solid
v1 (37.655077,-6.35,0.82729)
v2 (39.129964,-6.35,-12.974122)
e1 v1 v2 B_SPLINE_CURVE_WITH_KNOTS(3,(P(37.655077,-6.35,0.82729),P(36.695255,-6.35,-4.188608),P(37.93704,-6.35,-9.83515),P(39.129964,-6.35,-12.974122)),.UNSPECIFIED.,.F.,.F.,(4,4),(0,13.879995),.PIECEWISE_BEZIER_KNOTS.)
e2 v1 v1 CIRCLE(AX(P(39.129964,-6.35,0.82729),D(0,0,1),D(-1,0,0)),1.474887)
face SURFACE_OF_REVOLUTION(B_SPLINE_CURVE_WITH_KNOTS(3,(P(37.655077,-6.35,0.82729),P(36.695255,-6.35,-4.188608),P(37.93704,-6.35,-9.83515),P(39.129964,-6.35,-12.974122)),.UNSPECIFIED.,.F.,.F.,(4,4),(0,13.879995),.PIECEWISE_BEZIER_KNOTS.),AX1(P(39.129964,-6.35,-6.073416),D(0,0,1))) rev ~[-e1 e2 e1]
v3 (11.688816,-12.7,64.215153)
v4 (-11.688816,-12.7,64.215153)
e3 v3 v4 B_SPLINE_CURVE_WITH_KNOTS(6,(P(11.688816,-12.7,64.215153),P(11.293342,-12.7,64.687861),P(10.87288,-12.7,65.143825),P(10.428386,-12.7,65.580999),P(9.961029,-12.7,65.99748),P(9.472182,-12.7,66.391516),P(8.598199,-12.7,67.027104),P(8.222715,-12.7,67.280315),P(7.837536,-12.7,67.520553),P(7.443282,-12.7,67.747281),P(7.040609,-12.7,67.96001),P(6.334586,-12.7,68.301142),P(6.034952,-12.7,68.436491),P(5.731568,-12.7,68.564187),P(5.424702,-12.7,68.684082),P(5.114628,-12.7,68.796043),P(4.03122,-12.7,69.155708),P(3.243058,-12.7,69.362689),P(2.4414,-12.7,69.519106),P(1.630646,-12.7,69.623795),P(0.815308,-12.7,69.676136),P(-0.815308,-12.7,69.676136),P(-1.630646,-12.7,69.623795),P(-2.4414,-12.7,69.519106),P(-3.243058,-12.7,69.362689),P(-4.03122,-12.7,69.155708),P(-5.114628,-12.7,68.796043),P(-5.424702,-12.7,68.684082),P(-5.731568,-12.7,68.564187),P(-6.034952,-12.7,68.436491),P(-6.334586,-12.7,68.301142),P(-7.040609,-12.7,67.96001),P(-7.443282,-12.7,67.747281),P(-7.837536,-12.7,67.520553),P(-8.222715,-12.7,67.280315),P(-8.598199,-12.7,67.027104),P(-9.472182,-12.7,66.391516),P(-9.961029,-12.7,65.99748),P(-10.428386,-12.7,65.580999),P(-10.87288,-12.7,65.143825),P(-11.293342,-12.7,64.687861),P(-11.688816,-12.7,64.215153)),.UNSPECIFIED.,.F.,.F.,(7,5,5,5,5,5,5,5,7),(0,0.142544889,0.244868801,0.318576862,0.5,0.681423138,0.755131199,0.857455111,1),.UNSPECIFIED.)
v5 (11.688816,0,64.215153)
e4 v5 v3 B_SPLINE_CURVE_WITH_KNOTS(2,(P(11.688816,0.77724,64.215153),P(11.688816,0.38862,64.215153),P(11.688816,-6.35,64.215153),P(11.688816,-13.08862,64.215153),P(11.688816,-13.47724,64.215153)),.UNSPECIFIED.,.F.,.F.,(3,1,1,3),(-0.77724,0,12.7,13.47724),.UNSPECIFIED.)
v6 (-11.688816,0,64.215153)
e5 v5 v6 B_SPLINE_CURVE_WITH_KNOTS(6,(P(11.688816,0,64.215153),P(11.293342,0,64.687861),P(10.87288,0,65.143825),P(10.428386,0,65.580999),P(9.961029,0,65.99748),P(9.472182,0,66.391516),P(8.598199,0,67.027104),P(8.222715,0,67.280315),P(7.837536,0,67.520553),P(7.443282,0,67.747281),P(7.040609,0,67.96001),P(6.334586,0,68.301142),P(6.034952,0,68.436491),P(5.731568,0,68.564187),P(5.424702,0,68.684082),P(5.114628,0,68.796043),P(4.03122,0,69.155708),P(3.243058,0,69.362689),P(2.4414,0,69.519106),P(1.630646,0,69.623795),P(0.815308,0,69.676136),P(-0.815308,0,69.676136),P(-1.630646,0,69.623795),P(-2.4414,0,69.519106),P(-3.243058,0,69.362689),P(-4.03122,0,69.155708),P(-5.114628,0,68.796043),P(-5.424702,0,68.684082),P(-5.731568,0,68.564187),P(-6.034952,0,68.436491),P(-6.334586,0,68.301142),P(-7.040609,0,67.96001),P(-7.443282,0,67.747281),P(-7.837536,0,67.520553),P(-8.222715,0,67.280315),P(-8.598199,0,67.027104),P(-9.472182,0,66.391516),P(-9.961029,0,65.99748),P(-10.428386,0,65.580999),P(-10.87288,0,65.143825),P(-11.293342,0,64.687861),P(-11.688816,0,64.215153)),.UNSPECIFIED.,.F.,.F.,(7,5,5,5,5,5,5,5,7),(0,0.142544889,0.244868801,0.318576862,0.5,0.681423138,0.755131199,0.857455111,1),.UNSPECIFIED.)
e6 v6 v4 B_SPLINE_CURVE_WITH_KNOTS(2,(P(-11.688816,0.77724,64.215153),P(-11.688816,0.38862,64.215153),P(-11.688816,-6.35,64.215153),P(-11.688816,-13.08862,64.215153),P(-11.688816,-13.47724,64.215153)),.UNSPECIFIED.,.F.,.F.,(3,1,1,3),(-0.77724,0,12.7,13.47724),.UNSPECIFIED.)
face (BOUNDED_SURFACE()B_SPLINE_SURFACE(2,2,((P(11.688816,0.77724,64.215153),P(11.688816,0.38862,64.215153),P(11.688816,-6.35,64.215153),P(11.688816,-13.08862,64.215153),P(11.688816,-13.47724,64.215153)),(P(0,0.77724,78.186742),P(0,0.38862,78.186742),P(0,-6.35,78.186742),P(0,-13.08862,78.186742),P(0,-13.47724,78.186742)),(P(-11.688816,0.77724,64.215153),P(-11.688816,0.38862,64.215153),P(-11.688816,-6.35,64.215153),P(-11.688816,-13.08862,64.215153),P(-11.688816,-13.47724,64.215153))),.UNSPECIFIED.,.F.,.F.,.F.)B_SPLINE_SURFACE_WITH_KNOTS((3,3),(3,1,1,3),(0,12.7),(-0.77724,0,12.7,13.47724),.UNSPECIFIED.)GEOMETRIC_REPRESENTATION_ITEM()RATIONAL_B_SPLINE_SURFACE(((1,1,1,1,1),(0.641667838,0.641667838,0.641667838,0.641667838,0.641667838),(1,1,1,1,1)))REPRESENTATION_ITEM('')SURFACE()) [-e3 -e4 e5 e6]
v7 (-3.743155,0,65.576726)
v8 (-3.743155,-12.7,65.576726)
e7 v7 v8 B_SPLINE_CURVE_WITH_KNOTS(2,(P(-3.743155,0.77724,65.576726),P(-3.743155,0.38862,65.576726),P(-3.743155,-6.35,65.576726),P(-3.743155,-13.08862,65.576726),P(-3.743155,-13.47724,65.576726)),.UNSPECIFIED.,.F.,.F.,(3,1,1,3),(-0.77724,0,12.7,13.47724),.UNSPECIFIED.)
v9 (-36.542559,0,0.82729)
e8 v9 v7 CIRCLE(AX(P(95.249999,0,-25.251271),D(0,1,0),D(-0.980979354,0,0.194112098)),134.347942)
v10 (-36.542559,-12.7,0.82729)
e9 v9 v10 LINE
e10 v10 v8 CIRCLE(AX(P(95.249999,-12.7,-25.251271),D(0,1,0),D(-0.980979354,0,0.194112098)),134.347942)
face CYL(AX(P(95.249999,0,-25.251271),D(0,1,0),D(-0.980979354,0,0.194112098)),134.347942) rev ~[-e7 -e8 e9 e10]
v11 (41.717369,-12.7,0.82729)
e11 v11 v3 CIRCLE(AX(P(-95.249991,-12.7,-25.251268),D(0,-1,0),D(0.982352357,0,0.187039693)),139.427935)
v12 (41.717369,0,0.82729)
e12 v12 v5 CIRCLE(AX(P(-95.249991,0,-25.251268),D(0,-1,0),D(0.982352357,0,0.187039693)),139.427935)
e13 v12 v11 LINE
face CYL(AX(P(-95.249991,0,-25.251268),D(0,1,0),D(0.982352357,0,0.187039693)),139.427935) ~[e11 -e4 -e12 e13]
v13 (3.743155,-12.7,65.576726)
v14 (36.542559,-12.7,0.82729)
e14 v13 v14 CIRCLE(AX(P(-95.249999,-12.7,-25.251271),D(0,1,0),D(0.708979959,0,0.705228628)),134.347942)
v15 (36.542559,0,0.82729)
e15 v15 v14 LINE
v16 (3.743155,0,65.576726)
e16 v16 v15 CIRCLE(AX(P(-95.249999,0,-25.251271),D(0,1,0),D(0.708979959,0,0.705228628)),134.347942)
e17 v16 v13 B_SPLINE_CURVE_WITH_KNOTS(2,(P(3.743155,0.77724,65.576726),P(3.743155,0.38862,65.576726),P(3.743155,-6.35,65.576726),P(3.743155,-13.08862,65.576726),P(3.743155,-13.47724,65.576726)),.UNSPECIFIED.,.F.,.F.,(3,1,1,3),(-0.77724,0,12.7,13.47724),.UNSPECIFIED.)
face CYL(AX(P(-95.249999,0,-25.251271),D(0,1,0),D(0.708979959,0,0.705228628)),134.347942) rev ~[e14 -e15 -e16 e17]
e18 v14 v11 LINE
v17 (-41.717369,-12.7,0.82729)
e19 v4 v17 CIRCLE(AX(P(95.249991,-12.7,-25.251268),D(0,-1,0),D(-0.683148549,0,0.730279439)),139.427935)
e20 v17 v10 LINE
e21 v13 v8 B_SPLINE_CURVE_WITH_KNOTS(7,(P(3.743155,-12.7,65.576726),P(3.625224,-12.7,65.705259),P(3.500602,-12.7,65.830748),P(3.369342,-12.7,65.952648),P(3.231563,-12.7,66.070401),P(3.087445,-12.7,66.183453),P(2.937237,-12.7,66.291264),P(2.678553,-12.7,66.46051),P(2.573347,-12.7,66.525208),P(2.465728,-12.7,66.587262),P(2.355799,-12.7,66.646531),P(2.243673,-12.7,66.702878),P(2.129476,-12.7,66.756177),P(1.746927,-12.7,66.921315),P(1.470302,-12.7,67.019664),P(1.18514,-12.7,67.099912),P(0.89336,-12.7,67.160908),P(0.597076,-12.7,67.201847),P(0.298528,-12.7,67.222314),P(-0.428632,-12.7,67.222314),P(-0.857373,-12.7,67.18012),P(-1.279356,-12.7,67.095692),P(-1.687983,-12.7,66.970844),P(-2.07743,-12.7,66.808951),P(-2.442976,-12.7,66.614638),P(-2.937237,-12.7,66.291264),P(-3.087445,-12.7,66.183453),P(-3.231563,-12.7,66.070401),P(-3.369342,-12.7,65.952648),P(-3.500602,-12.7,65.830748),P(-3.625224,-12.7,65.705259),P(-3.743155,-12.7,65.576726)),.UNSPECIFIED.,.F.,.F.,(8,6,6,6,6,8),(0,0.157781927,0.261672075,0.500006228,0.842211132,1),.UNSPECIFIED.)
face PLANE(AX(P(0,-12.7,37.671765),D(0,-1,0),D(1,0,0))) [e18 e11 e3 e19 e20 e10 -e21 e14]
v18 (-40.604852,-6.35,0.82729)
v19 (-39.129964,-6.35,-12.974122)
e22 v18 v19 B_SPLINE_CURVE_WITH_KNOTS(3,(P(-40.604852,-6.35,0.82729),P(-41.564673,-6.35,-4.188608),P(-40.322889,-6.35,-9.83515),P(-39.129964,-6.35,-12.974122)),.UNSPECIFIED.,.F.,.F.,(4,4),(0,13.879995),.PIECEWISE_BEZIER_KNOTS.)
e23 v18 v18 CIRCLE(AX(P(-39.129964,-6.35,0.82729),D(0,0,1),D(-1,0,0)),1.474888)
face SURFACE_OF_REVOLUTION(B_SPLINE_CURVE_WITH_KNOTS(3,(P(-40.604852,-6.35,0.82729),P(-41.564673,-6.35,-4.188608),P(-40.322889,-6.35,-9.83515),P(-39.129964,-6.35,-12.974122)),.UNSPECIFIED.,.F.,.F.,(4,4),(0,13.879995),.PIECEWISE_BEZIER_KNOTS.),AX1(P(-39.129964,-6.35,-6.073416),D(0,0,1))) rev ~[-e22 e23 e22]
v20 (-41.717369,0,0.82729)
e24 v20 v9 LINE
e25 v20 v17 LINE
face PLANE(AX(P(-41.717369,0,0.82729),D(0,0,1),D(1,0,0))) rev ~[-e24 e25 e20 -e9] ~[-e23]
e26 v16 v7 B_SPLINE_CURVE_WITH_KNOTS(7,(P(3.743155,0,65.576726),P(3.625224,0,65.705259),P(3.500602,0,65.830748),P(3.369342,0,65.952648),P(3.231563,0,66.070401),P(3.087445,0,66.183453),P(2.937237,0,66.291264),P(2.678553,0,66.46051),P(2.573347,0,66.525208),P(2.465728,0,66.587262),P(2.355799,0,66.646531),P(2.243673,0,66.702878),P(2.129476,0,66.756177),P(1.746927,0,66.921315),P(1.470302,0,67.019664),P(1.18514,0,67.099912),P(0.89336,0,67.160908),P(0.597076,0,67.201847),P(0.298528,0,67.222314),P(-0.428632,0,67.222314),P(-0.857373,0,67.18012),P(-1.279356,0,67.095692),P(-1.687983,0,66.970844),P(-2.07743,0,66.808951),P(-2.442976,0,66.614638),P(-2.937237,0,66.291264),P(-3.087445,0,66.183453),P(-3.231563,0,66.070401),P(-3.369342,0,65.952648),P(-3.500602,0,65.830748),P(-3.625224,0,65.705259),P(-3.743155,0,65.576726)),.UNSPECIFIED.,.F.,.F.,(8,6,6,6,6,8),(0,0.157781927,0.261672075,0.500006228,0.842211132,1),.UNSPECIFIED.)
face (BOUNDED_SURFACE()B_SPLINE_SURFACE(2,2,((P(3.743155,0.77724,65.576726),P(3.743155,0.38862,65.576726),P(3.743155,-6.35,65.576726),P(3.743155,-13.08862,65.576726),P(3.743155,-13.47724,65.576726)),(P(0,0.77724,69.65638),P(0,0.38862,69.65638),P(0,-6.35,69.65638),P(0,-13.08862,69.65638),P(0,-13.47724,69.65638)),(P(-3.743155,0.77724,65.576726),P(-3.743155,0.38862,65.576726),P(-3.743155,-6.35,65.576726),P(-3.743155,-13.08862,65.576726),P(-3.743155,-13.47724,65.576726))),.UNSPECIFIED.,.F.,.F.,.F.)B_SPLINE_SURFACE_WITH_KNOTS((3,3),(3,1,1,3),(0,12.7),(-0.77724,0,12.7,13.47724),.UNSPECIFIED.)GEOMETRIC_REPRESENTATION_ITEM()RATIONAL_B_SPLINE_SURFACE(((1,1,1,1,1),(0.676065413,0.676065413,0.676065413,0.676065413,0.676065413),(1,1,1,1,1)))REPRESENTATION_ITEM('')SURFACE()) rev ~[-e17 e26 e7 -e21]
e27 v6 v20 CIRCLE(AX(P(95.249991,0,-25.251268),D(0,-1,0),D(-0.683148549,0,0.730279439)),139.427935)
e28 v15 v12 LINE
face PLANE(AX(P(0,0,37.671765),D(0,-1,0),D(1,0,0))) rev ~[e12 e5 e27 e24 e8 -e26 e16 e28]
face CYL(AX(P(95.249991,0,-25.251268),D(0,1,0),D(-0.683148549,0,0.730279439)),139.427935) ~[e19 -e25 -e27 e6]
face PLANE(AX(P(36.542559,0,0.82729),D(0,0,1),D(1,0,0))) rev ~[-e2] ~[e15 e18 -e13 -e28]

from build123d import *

# Parameters (mm, degrees)
F1_DEPTH = 12.7
F2_R     = 15.24
F3_R     = 5.08


with BuildPart() as f1:
    # F0 (on Front) → F1 (new body)
    with BuildSketch(Plane.XZ):
        with BuildLine():
            ThreePointArc((41.717369, 0.82729), (26.878905, 42.014486), (0, 76.570086))
            ThreePointArc((0, 76.570086), (-26.878905, 42.014486), (-41.717369, 0.82729))
            Line((-41.717369, 0.82729), (-36.542559, 0.82729))
            ThreePointArc((-36.542559, 0.82729), (-23.349687, 37.863578), (0, 69.494744))
            ThreePointArc((0, 69.494744), (23.349687, 37.863578), (36.542559, 0.82729))
            Line((36.542559, 0.82729), (41.717369, 0.82729))
        make_face()
    extrude(amount=F1_DEPTH)

    # F2
    f2_edges = [f1.edges().sort_by_distance(p)[0] for p in [
        (0, -6.35, 76.570086),
    ]]
    fillet(f2_edges, radius=F2_R)

    # F3
    f3_edges = [f1.edges().sort_by_distance(p)[0] for p in [
        (0, -6.35, 69.494744),
    ]]
    fillet(f3_edges, radius=F3_R)

    # F5 (on offset) → F6 (revolve)
    with BuildSketch(Plane.XZ.offset(6.35)):
        with BuildLine():
            Line((39.129964, 0.82729), (37.655077, 0.82729))
            add(Edge.make_bspline(
                [(37.655077, 0.82729), (36.695255, -4.188608), (37.93704, -9.83515), (39.129964, -12.974122)],
                knots=[0, 0, 0, 0, 13.879995, 13.879995, 13.879995, 13.879995], degree=3))
            Line((39.129964, -12.974122), (39.129964, 0.82729))
        make_face()
    revolve(axis=Axis((39.129964, -6.35, -6.073416), (0, 0, 1)))

    # F5 (on offset) → F7 (revolve)
    with BuildSketch(Plane.XZ.offset(6.35)):
        with BuildLine():
            Line((-39.129964, 0.82729), (-40.604852, 0.82729))
            add(Edge.make_bspline(
                [(-40.604852, 0.82729), (-41.564673, -4.188608), (-40.322889, -9.83515), (-39.129964, -12.974122)],
                knots=[0, 0, 0, 0, 13.879995, 13.879995, 13.879995, 13.879995], degree=3))
            Line((-39.129964, -12.974122), (-39.129964, 0.82729))
        make_face()
    revolve(axis=Axis((-39.129964, -6.35, -6.073416), (0, 0, 1)))


solid = f1.part
